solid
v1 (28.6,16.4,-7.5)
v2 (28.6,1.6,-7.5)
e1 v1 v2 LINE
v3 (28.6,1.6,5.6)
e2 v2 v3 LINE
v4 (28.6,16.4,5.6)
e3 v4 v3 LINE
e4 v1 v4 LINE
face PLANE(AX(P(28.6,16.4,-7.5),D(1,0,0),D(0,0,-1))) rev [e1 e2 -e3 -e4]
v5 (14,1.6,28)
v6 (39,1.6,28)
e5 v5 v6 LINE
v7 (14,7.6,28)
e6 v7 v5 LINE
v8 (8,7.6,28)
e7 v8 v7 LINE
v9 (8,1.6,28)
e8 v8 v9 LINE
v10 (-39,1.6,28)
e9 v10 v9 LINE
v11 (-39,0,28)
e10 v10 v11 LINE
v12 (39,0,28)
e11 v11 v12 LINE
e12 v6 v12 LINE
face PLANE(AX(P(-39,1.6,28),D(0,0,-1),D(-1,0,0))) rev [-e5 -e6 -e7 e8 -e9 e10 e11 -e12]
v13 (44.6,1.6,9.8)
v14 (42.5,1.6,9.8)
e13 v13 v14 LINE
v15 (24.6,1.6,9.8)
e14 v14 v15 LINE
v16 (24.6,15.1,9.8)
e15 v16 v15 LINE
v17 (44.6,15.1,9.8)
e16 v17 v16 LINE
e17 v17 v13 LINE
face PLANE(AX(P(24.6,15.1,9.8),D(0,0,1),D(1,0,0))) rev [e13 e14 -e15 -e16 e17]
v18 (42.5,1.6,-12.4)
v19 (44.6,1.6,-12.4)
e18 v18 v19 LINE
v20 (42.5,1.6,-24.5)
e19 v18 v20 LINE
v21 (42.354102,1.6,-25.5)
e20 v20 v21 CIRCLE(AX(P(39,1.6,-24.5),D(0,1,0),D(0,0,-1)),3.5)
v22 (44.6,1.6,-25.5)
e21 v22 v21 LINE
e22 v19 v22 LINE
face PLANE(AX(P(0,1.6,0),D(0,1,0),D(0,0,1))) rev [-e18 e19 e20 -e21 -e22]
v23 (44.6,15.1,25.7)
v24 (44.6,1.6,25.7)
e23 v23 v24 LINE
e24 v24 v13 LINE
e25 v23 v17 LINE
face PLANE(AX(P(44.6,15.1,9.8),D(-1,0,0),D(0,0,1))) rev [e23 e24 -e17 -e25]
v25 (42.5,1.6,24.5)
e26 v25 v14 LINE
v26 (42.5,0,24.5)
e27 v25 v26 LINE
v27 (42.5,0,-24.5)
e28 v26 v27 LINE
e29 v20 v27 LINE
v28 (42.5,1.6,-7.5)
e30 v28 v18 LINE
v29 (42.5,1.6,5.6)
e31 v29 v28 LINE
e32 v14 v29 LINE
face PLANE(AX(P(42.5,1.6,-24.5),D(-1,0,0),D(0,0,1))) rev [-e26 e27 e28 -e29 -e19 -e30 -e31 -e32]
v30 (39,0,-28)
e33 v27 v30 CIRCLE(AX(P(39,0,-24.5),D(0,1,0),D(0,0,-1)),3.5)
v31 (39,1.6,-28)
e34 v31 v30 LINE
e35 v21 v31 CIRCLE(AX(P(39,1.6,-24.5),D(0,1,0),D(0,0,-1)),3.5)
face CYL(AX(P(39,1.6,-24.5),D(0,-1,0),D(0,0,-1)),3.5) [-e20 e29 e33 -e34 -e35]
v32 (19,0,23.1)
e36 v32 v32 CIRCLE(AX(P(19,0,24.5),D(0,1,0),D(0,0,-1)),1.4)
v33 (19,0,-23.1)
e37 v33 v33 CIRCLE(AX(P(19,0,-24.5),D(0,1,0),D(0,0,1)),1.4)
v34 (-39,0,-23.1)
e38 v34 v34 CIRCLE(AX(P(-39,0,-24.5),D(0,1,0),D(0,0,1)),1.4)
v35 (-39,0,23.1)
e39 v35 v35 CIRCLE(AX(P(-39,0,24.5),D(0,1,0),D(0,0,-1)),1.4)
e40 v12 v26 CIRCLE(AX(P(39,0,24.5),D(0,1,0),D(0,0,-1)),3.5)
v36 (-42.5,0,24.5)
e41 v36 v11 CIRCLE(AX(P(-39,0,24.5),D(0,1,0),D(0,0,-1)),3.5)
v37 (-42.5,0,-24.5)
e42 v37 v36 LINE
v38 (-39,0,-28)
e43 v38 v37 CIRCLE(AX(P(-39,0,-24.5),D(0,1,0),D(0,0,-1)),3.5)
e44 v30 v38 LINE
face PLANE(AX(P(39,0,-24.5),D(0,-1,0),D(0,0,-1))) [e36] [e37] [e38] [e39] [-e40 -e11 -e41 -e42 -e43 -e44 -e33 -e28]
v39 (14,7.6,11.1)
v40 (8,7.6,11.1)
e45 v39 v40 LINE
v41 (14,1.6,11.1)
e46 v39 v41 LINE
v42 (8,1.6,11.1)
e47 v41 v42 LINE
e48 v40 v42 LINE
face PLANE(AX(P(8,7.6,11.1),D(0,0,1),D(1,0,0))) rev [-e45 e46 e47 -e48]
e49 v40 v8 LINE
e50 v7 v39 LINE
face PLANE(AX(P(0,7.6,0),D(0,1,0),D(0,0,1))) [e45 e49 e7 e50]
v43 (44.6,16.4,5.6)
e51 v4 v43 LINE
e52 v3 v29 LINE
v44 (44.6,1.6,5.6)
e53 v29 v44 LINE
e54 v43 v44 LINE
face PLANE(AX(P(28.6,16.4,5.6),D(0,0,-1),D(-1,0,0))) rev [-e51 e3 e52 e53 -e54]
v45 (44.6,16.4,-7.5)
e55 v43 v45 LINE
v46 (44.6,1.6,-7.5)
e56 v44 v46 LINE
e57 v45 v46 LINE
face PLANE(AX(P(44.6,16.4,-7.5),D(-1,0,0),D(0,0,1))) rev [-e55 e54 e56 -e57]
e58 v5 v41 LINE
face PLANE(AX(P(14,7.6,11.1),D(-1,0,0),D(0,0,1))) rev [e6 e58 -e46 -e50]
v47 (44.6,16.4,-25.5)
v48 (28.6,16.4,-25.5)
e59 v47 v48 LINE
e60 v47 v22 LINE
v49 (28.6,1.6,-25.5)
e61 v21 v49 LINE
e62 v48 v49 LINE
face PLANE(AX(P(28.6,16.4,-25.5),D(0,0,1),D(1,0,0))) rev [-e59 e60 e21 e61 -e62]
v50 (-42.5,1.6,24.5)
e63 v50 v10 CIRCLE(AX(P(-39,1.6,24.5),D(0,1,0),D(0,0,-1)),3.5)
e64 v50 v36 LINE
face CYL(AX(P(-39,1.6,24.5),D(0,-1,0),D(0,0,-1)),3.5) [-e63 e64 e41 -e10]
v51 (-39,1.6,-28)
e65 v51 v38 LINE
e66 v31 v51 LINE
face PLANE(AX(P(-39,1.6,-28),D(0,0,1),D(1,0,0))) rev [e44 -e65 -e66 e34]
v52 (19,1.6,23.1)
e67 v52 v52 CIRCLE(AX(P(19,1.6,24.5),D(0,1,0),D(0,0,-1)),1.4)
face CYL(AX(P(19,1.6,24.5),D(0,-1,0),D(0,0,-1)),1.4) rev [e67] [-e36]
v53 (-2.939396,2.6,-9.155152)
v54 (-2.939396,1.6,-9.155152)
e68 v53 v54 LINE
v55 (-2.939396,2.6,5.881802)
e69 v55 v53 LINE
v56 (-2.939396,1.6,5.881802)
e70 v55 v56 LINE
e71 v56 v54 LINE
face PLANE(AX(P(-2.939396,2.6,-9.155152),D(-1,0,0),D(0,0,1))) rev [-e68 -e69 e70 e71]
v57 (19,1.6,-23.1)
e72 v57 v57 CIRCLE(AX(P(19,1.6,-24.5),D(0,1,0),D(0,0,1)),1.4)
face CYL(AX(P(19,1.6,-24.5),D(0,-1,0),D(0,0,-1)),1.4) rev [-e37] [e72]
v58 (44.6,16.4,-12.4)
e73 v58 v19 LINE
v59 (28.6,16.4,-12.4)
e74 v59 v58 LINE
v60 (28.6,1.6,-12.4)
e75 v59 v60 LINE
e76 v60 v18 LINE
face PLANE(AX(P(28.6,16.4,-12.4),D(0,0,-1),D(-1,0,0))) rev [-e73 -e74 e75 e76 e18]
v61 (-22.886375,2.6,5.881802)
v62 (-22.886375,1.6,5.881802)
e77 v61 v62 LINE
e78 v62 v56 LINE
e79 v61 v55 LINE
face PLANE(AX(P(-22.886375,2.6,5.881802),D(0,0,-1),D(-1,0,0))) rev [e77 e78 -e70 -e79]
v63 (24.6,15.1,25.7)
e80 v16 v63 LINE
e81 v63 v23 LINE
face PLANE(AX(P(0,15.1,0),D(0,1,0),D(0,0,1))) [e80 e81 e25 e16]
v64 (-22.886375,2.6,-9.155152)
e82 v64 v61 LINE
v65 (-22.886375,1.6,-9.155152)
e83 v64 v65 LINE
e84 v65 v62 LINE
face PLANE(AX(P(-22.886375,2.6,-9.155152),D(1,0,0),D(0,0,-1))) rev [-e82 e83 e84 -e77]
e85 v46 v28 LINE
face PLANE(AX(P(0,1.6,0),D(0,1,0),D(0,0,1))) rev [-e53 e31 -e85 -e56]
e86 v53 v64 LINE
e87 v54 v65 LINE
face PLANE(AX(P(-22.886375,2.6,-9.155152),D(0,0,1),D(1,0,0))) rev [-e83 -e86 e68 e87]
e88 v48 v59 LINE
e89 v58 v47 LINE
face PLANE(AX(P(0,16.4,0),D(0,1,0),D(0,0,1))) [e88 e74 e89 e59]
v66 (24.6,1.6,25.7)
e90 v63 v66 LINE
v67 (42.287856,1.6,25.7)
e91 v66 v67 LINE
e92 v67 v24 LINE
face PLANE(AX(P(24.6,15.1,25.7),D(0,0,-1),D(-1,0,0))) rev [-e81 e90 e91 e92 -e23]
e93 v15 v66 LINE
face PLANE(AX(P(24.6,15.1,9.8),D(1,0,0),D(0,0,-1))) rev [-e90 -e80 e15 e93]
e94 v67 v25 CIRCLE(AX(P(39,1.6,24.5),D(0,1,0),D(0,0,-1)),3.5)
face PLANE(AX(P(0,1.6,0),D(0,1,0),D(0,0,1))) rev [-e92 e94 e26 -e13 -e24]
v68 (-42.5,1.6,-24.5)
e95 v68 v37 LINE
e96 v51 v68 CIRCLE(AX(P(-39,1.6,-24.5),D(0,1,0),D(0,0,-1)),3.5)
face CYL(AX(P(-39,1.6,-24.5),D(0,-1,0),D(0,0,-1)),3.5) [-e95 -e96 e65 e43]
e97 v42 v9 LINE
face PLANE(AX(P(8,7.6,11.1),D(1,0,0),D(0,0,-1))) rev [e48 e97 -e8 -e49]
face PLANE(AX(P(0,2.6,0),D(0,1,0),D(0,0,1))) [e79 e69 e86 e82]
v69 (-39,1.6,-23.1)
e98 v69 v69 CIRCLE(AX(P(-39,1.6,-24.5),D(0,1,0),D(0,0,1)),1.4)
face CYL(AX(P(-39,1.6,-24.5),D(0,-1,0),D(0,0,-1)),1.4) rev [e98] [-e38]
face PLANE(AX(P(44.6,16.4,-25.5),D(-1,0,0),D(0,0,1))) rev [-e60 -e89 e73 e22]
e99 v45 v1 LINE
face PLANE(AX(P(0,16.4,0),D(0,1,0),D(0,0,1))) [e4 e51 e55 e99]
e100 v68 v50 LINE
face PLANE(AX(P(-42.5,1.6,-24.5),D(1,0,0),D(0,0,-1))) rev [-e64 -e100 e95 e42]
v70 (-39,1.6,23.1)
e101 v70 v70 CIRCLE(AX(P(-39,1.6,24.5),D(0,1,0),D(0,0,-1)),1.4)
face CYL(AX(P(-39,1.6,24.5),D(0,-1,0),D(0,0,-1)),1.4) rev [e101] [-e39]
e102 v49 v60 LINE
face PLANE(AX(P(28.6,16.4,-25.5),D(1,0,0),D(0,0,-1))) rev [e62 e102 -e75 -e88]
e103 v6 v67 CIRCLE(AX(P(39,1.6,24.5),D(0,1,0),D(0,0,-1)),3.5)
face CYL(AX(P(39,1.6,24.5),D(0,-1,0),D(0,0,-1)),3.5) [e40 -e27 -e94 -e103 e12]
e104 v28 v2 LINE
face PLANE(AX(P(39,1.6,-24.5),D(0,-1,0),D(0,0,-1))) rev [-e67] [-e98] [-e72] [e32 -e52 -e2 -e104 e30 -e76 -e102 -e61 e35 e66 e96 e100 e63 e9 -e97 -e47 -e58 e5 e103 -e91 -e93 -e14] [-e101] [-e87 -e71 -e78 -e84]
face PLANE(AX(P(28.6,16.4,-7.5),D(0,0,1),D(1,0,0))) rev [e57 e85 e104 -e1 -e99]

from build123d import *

# Parameters (mm, degrees)
SKETCH1_R           = 1.4
BOSS_EXTRUDE1_DEPTH = 1.6
SKETCH2_W           = 20
SKETCH2_H           = 15.9
BOSS_EXTRUDE2_DEPTH = 13.5
SKETCH3_W           = 16
SKETCH3_H           = 13.1
BOSS_EXTRUDE3_DEPTH = 14.8
SKETCH4_W           = 6
SKETCH4_H           = 16.9
BOSS_EXTRUDE4_DEPTH = 6
SKETCH6_W           = 19.946979578
SKETCH6_H           = 15.036953836
BOSS_EXTRUDE5_DEPTH = 1


with BuildPart() as part:
    # Sketch1 → Boss-Extrude1 (new body)
    with BuildSketch(Plane(origin=(0, 0, 0), x_dir=(1, 0, 0), z_dir=(0, 1, 0))):
        with BuildLine():
            Line((-39, 28), (39, 28))
            ThreePointArc((39, 28), (41.474873734, 26.974873734), (42.5, 24.5))
            Line((42.5, 24.5), (42.5, -24.5))
            ThreePointArc((42.5, -24.5), (41.474873734, -26.974873734), (39, -28))
            Line((39, -28), (-39, -28))
            ThreePointArc((-39, -28), (-41.474873734, -26.974873734), (-42.5, -24.5))
            Line((-42.5, -24.5), (-42.5, 24.5))
            ThreePointArc((-42.5, 24.5), (-41.474873734, 26.974873734), (-39, 28))
        make_face()
        with Locations(Location((-39, 24.5, 0), (0, 0, 270))):
            Circle(SKETCH1_R, mode=Mode.SUBTRACT)
        with Locations(Location((19, 24.5, 0), (0, 0, 270))):
            Circle(SKETCH1_R, mode=Mode.SUBTRACT)
        with Locations(Location((19, -24.5, 0), (0, 0, 90))):
            Circle(SKETCH1_R, mode=Mode.SUBTRACT)
        with Locations(Location((-39, -24.5, 0), (0, 0, 90))):
            Circle(SKETCH1_R, mode=Mode.SUBTRACT)
    extrude(amount=BOSS_EXTRUDE1_DEPTH)

    # Sketch2 → Boss-Extrude2 (add)
    with BuildSketch(Plane(origin=(0, 1.6, 0), x_dir=(1, 0, 0), z_dir=(0, 1, 0))):
        with Locations((34.6, -17.75)):
            Rectangle(SKETCH2_W, SKETCH2_H)
    extrude(amount=BOSS_EXTRUDE2_DEPTH)

    # Sketch3 → Boss-Extrude3 (add)
    with BuildSketch(Plane(origin=(0, 1.6, 0), x_dir=(1, 0, 0), z_dir=(0, 1, 0))):
        with Locations((36.6, 0.95)):
            Rectangle(SKETCH3_W, SKETCH3_H)
        with Locations((36.6, 18.95)):
            Rectangle(SKETCH3_W, SKETCH3_H)
    extrude(amount=BOSS_EXTRUDE3_DEPTH)

    # Sketch4 → Boss-Extrude4 (add)
    with BuildSketch(Plane(origin=(0, 1.6, 0), x_dir=(1, 0, 0), z_dir=(0, 1, 0))):
        with Locations((11, -19.55)):
            Rectangle(SKETCH4_W, SKETCH4_H)
    extrude(amount=BOSS_EXTRUDE4_DEPTH)

    # Sketch6 → Boss-Extrude5 (add)
    with BuildSketch(Plane(origin=(0, 1.6, 0), x_dir=(1, 0, 0), z_dir=(0, 1, 0))):
        with Locations((-12.912885705, 1.636675247)):
            Rectangle(SKETCH6_W, SKETCH6_H)
    extrude(amount=BOSS_EXTRUDE5_DEPTH)


solid = part.part
